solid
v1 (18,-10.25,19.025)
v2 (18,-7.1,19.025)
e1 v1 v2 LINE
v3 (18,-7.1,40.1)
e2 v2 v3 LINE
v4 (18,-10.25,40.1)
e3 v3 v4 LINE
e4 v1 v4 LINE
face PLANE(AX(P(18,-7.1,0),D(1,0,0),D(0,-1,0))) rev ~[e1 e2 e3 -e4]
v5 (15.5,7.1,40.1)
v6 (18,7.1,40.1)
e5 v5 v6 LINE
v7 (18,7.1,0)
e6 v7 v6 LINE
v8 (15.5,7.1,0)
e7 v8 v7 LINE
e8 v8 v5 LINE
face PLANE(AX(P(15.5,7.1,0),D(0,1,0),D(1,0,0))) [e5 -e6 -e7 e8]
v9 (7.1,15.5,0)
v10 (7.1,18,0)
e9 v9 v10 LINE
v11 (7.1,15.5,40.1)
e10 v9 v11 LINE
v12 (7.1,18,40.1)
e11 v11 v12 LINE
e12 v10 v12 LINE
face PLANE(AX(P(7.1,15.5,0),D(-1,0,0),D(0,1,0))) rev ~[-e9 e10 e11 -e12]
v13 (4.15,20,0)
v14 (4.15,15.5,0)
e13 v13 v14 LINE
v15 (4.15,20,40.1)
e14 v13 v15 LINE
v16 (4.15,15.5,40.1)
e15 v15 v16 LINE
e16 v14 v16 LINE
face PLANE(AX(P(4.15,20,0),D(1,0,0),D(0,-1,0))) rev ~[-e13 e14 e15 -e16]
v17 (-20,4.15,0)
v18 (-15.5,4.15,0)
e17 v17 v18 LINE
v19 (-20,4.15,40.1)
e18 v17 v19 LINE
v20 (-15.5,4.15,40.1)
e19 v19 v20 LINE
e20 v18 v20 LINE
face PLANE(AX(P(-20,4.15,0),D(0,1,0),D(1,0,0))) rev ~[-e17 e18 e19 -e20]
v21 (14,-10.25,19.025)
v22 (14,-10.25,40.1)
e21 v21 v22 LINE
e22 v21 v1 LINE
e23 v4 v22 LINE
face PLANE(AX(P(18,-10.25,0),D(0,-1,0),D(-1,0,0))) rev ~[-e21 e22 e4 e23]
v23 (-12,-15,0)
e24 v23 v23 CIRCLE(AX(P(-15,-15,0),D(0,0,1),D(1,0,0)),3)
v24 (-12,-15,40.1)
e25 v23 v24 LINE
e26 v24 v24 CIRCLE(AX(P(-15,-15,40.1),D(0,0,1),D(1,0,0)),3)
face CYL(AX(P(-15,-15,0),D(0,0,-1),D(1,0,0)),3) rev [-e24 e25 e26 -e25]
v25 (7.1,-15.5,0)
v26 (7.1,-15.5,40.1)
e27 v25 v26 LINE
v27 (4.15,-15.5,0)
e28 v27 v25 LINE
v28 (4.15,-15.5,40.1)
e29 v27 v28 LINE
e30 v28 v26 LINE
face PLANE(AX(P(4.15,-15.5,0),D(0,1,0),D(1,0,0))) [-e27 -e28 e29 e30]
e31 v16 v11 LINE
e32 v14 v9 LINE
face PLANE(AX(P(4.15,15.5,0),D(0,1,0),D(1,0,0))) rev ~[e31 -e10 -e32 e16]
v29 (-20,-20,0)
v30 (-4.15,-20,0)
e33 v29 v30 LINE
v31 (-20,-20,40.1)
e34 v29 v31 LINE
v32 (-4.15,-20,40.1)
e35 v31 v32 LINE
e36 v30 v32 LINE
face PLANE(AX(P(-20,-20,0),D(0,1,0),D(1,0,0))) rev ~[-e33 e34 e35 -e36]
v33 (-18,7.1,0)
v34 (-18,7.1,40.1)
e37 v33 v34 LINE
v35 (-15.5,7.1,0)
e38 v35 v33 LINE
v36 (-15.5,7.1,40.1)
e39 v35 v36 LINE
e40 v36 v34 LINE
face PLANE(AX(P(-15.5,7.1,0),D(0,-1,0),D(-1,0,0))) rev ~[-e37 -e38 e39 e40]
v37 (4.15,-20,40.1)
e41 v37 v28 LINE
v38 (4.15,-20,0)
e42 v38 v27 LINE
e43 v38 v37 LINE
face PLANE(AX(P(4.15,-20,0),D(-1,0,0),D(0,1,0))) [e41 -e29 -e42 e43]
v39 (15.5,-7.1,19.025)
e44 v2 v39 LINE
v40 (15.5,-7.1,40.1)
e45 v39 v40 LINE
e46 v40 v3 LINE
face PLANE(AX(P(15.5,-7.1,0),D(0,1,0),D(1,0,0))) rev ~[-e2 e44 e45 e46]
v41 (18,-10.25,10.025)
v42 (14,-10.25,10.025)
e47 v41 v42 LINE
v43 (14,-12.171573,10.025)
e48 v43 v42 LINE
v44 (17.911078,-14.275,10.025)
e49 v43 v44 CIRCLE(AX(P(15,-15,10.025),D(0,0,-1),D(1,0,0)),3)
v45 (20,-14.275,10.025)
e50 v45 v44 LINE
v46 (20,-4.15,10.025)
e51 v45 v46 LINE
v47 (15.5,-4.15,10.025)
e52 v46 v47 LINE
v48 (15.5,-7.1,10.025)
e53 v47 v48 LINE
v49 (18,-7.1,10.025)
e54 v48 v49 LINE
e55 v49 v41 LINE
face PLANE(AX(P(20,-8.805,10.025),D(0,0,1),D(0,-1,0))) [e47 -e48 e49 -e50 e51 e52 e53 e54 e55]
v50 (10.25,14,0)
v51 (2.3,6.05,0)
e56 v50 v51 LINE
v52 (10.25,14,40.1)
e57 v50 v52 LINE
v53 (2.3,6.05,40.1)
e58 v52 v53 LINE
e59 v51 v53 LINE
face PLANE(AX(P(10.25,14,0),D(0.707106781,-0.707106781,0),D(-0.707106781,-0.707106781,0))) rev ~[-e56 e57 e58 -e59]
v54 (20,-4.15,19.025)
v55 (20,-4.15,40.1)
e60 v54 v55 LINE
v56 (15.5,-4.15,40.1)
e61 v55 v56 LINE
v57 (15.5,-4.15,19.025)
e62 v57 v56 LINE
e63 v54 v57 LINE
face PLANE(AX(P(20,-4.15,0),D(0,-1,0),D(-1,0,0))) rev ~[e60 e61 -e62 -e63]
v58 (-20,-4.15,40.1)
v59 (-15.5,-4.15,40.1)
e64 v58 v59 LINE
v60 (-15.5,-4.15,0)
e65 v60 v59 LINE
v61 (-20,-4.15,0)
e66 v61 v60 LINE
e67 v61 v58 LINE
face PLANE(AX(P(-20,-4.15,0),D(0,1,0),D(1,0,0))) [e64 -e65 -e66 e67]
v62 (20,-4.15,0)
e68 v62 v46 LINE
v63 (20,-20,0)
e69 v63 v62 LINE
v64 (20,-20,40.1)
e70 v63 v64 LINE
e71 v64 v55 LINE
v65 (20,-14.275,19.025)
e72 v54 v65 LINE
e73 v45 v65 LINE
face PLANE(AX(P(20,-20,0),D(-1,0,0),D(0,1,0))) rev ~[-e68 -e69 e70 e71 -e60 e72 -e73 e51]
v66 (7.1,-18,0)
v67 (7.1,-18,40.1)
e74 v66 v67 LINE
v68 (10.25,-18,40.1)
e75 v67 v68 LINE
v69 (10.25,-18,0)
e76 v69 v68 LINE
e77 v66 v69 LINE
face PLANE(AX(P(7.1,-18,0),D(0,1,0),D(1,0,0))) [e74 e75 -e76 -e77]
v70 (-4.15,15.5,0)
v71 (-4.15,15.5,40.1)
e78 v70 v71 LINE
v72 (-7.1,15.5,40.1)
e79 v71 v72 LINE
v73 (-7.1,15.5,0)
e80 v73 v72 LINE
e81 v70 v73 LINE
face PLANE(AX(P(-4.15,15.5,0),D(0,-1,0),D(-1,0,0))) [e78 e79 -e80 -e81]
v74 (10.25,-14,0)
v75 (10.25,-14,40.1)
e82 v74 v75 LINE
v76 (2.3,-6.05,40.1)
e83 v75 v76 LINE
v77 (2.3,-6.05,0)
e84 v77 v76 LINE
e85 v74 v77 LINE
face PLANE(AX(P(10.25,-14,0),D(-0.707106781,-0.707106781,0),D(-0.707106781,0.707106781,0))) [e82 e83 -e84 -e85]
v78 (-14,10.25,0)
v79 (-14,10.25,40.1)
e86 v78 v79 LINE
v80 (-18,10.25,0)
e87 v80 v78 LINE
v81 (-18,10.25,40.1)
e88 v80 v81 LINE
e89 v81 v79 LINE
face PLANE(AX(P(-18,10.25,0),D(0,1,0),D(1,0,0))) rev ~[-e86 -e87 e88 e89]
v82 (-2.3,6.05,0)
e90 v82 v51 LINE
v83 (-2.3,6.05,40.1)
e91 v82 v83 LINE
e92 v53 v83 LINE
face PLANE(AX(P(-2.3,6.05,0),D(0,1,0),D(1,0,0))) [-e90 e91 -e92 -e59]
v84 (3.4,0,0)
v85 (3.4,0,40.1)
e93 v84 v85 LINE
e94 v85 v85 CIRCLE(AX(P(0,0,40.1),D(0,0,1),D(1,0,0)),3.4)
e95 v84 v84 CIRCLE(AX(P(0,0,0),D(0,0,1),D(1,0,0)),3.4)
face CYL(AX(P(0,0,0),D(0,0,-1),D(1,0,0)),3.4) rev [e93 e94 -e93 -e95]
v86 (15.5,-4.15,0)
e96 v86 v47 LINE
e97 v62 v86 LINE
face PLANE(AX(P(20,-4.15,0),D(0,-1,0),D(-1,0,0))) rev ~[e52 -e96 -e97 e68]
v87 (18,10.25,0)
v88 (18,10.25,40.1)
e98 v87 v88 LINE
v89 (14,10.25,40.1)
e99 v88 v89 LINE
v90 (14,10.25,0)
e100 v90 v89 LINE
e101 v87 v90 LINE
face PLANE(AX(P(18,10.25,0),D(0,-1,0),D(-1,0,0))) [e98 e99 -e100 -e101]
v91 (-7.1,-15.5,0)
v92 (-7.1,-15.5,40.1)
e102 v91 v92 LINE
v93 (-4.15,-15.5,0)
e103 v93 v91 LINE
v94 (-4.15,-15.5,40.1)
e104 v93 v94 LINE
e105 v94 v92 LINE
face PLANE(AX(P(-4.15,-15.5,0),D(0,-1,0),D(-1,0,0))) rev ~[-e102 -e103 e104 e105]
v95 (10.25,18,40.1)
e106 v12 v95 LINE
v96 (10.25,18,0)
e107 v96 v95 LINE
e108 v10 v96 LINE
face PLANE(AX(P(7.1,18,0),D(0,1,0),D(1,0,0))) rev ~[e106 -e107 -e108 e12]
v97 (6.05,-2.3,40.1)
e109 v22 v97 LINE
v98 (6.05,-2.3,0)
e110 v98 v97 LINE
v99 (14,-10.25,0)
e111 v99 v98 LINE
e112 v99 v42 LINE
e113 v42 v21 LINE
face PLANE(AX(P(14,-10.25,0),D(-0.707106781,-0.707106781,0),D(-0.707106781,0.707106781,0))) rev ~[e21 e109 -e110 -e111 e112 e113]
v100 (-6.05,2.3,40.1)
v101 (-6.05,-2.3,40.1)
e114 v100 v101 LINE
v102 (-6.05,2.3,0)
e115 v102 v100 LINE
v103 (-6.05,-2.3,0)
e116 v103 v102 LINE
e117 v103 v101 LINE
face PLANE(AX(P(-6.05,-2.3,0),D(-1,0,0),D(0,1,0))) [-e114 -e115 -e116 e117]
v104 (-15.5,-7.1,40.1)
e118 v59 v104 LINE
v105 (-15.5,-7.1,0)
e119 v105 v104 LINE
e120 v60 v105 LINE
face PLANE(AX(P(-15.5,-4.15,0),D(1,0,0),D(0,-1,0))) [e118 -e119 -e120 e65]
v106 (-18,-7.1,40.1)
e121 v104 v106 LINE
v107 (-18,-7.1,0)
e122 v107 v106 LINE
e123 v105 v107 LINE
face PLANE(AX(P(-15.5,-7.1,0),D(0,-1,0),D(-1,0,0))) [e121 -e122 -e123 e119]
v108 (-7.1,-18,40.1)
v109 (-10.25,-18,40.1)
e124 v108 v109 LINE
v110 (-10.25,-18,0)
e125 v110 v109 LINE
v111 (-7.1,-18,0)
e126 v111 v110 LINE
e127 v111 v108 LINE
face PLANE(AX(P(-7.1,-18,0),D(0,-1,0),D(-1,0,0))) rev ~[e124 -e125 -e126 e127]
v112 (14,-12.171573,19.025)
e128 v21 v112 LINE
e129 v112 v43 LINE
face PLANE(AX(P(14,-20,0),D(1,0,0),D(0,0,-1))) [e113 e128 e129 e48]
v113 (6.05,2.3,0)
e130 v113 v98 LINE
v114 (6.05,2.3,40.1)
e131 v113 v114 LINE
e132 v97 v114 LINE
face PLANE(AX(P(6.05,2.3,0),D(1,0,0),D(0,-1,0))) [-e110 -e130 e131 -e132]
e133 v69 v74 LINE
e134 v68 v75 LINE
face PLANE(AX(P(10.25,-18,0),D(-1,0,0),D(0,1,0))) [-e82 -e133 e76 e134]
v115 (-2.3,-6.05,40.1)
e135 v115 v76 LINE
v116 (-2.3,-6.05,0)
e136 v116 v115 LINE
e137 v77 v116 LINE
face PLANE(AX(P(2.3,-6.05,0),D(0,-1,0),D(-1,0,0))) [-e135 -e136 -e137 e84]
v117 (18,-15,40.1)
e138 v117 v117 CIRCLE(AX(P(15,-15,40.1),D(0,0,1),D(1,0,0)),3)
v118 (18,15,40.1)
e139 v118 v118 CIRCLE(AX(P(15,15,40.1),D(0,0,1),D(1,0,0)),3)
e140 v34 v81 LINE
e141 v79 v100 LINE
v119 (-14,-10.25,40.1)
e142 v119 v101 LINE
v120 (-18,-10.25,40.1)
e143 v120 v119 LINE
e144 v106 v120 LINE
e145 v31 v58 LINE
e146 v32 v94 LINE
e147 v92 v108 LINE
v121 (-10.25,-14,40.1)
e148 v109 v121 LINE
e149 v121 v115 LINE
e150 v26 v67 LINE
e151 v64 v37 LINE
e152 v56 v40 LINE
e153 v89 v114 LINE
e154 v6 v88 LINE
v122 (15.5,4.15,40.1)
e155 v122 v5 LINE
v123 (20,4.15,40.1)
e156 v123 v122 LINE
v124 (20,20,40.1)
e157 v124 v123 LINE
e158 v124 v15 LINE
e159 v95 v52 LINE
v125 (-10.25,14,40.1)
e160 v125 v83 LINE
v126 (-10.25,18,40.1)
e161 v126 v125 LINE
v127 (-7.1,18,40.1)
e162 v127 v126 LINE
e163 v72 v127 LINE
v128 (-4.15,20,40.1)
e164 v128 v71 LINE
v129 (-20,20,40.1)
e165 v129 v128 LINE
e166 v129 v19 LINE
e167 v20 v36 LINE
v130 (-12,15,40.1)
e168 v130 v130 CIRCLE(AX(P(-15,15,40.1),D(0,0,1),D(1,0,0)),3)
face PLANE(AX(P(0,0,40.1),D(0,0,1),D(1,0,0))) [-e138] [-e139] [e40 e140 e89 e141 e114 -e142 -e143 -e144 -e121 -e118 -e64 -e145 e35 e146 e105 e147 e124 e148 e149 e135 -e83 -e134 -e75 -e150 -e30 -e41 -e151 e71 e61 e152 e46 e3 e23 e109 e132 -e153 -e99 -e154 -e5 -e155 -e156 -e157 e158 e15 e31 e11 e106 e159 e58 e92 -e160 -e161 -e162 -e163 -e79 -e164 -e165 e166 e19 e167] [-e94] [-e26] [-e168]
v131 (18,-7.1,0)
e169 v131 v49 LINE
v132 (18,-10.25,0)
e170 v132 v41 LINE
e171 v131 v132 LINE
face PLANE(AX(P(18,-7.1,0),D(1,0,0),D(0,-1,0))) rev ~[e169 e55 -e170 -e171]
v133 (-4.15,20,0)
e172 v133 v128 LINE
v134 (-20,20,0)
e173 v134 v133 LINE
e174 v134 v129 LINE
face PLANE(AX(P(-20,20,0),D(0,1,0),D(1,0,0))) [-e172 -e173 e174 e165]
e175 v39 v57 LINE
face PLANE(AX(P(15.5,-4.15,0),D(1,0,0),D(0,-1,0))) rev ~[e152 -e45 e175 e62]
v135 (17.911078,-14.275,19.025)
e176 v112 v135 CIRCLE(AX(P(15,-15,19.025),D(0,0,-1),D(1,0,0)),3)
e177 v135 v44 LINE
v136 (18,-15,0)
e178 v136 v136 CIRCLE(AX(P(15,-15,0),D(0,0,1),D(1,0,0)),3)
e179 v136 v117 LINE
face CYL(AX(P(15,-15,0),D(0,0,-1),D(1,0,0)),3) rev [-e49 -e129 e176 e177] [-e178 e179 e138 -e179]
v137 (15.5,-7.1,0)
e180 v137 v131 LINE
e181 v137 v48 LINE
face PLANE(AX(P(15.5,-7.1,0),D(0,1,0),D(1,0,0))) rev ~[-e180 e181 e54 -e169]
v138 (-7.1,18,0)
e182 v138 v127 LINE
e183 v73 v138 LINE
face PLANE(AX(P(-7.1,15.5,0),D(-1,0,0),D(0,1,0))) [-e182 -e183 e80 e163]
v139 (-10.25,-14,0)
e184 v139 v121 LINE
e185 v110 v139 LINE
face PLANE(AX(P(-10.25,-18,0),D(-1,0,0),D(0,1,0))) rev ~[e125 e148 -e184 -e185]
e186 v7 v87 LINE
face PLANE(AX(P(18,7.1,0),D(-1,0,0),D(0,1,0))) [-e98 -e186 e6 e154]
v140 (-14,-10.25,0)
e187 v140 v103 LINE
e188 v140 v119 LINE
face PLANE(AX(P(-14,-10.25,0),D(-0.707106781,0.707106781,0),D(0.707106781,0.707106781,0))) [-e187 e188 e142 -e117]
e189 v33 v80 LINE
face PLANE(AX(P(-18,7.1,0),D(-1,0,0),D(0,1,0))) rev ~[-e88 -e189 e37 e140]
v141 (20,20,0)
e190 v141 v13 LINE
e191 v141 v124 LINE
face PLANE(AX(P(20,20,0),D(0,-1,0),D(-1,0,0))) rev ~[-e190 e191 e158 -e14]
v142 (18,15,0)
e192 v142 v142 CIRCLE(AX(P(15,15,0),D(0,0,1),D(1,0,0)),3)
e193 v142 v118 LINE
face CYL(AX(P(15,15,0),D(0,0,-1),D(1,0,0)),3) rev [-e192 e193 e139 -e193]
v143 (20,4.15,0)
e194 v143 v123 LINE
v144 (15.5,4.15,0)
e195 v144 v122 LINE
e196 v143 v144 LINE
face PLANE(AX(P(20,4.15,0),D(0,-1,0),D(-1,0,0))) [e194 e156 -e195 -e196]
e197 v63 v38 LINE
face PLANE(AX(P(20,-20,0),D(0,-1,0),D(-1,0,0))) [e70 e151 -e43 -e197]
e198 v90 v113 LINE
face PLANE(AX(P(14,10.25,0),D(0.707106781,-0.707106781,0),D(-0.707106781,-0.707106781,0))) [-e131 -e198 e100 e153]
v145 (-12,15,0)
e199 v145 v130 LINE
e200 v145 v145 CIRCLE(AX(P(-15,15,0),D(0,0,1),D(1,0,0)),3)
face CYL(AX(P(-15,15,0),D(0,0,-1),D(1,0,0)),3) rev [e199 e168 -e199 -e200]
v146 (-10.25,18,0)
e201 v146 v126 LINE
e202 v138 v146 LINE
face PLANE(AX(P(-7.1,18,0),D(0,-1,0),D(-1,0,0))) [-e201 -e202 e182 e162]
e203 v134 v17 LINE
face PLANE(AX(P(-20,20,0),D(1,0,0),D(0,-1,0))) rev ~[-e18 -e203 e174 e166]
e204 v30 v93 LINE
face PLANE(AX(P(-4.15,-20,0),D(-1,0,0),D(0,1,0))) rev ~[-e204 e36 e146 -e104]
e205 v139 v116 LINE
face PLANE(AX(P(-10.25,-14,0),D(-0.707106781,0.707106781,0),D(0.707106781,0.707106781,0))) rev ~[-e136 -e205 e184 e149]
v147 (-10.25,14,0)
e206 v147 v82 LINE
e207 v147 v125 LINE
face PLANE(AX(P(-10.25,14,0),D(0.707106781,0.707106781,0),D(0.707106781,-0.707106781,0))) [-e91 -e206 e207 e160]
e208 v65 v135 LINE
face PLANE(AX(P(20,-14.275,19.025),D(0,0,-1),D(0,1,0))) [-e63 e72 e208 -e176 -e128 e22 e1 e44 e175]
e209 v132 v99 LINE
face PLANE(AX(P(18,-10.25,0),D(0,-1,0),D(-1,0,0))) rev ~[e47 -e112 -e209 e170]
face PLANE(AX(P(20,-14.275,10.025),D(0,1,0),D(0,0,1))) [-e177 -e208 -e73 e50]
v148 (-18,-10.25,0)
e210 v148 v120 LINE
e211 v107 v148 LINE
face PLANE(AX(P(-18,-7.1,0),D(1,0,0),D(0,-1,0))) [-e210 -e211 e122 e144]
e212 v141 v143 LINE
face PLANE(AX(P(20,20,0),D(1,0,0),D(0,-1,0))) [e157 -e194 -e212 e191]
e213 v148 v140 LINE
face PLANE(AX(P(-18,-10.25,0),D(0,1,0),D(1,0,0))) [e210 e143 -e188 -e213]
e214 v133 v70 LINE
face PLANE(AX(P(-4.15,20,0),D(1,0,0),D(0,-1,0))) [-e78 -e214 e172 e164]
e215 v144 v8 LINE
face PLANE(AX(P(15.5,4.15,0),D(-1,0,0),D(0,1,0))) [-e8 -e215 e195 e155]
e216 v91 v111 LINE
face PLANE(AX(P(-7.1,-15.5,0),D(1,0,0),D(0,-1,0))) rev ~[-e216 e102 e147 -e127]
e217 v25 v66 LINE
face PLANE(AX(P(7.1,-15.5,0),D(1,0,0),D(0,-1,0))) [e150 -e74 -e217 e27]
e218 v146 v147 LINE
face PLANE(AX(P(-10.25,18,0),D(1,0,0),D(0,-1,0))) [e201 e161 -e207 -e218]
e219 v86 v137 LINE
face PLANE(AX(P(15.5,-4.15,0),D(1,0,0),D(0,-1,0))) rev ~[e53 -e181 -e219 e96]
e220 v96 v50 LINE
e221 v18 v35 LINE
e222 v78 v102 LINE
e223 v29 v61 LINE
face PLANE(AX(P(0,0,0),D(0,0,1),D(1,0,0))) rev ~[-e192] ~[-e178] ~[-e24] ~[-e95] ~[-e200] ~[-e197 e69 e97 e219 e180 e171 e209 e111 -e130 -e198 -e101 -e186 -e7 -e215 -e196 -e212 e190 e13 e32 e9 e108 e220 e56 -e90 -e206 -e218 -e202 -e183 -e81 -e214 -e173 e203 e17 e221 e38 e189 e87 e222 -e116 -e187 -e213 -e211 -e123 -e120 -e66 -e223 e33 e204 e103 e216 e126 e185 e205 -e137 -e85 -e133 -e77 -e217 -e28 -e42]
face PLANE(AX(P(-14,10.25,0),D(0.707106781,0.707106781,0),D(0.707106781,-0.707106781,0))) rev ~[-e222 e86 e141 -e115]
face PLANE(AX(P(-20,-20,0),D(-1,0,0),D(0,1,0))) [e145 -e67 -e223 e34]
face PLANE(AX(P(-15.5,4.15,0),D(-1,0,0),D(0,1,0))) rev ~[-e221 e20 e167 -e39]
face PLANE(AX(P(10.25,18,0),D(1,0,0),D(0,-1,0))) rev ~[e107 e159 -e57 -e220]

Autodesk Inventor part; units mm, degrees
ref_plane "YZ Plane" through (0, 0, 0) normal (1, 0, 0) x (0, 1, 0)
ref_plane "XZ Plane" through (0, 0, 0) normal (0, 1, 0) x (-1, 0, 0)
ref_plane "XY Plane" through (0, 0, 0) normal (0, 0, 1) x (1, 0, 0)
sketch "Sketch1" plane through (0, 0, 0) normal (0, 0, 1) x (1, 0, 0)
  circle A0 centre (0, 0) radius 3.4
  line L0 (0, 0) -> (20, 20) construction
  line L1 (0, 0) -> (28.2843, 0) construction
  line L2 (20, 20) -> (4.15, 20)
  line L3 (4.15, 20) -> (4.15, 15.5)
  line L4 (4.15, 15.5) -> (7.1, 15.5)
  line L5 (7.1, 15.5) -> (7.1, 18)
  line L6 (7.1, 18) -> (10.25, 18)
  line L7 (10.25, 18) -> (10.25, 14)
  line L8 (0, 0) -> (0, 26.1056) construction
  line L9 (10.25, 14) -> (2.3, 6.05)
  line L10 (2.3, 6.05) -> (0, 6.05)
  circle A1 centre (15, 15) radius 3
  line L11 (20, 20) -> (20, 4.15)
  line L12 (20, 4.15) -> (15.5, 4.15)
  line L13 (15.5, 4.15) -> (15.5, 7.1)
  line L14 (15.5, 7.1) -> (18, 7.1)
  line L15 (18, 7.1) -> (18, 10.25)
  line L16 (18, 10.25) -> (14, 10.25)
  line L17 (14, 10.25) -> (6.05, 2.3)
  line L18 (6.05, 2.3) -> (6.05, 0)
  line L19 (-2.3, 6.05) -> (0, 6.05)
  line L20 (-10.25, 14) -> (-2.3, 6.05)
  line L21 (-10.25, 18) -> (-10.25, 14)
  line L22 (-4.15, 15.5) -> (-7.1, 15.5)
  line L23 (-7.1, 15.5) -> (-7.1, 18)
  line L24 (-7.1, 18) -> (-10.25, 18)
  line L25 (-4.15, 20) -> (-4.15, 15.5)
  line L26 (-20, 20) -> (-4.15, 20)
  circle A2 centre (-15, 15) radius 3
  line L27 (-20, 20) -> (-20, 4.15)
  line L28 (-14, 10.25) -> (-6.05, 2.3)
  line L29 (-18, 7.1) -> (-18, 10.25)
  line L30 (-18, 10.25) -> (-14, 10.25)
  line L31 (-20, 4.15) -> (-15.5, 4.15)
  line L32 (-15.5, 4.15) -> (-15.5, 7.1)
  line L33 (-15.5, 7.1) -> (-18, 7.1)
  line L34 (-6.05, 2.3) -> (-6.05, 0)
  line L35 (-6.05, -2.3) -> (-6.05, 0)
  line L36 (-14, -10.25) -> (-6.05, -2.3)
  line L37 (-18, -10.25) -> (-14, -10.25)
  line L38 (-15.5, -4.15) -> (-15.5, -7.1)
  line L39 (-15.5, -7.1) -> (-18, -7.1)
  line L40 (-18, -7.1) -> (-18, -10.25)
  line L41 (-20, -4.15) -> (-15.5, -4.15)
  line L42 (-20, -20) -> (-20, -4.15)
  circle A3 centre (-15, -15) radius 3
  line L43 (-20, -20) -> (-4.15, -20)
  line L44 (-10.25, -14) -> (-2.3, -6.05)
  line L45 (-7.1, -18) -> (-10.25, -18)
  line L46 (-10.25, -18) -> (-10.25, -14)
  line L47 (-4.15, -20) -> (-4.15, -15.5)
  line L48 (-4.15, -15.5) -> (-7.1, -15.5)
  line L49 (-7.1, -15.5) -> (-7.1, -18)
  line L50 (-2.3, -6.05) -> (0, -6.05)
  line L51 (2.3, -6.05) -> (0, -6.05)
  line L52 (10.25, -14) -> (2.3, -6.05)
  line L53 (10.25, -18) -> (10.25, -14)
  line L54 (4.15, -15.5) -> (7.1, -15.5)
  line L55 (7.1, -15.5) -> (7.1, -18)
  line L56 (7.1, -18) -> (10.25, -18)
  line L57 (4.15, -20) -> (4.15, -15.5)
  line L58 (20, -20) -> (4.15, -20)
  circle A4 centre (15, -15) radius 3
  line L59 (20, -20) -> (20, -4.15)
  line L60 (14, -10.25) -> (6.05, -2.3)
  line L61 (18, -7.1) -> (18, -10.25)
  line L62 (18, -10.25) -> (14, -10.25)
  line L63 (20, -4.15) -> (15.5, -4.15)
  line L64 (15.5, -4.15) -> (15.5, -7.1)
  line L65 (15.5, -7.1) -> (18, -7.1)
  line L66 (6.05, -2.3) -> (6.05, 0)
  point P0 (0, 6.05)
  point P1 (-6.05, 0)
  point P2 (0, -6.05)
  dimension "d0" = 6.8
  dimension "d1" = 45
  dimension "d2" = 20
  dimension "d3" = 6
  dimension "d4" = 15
  dimension "d5" = 10.25
  dimension "d6" = 7.1
  dimension "d7" = 4.15
  dimension "d8" = 4.5
  dimension "d9" = 2
  dimension "d10" = 13.95
  dimension "d11" = 6
  dimension "d14" = 360
extrude "Extrusion1" add sketch "Sketch1" along normal blind 40.1
sketch "Sketch2" plane through (20, -20, 0) normal (1, 0, 0) x (0, 0, -1)
  line L0 (-10.3, 10.92) -> (-18.75, 10.92) projected
  line L1 (-10.3, 6) -> (-10.3, 10.92) projected
  line L2 (-18.75, 6) -> (-10.3, 6) projected
  line L3 (-18.75, 10.92) -> (-18.75, 6) projected
  line L4 (-19.025, 11.195) -> (-10.025, 11.195)
  line L5 (-10.025, 11.195) -> (-10.025, 5.725)
  line L6 (-10.025, 5.725) -> (-19.025, 5.725)
  line L7 (-19.025, 5.725) -> (-19.025, 11.195)
  line L8 (-40.1, 15.85) -> (0, 15.85) projected
  line L9 (-19.025, 11.195) -> (-19.025, 15.85)
  line L10 (-10.025, 11.195) -> (-10.025, 15.85)
  line L11 (0, 15.85) -> (-40.1, 15.85) projected
  point P0 (0, 20)
  dimension "d18" = 0.275
extrude "Extrusion2" cut sketch "Sketch2" against normal blind 6 contours L1 L2 L3 L0 | L9 L8 L10 L4 | L4 L5 L6 L7
properties part number "Aluminum_Profile_4040_40.10mm_left" material "Aluminum 6061-AHC"
